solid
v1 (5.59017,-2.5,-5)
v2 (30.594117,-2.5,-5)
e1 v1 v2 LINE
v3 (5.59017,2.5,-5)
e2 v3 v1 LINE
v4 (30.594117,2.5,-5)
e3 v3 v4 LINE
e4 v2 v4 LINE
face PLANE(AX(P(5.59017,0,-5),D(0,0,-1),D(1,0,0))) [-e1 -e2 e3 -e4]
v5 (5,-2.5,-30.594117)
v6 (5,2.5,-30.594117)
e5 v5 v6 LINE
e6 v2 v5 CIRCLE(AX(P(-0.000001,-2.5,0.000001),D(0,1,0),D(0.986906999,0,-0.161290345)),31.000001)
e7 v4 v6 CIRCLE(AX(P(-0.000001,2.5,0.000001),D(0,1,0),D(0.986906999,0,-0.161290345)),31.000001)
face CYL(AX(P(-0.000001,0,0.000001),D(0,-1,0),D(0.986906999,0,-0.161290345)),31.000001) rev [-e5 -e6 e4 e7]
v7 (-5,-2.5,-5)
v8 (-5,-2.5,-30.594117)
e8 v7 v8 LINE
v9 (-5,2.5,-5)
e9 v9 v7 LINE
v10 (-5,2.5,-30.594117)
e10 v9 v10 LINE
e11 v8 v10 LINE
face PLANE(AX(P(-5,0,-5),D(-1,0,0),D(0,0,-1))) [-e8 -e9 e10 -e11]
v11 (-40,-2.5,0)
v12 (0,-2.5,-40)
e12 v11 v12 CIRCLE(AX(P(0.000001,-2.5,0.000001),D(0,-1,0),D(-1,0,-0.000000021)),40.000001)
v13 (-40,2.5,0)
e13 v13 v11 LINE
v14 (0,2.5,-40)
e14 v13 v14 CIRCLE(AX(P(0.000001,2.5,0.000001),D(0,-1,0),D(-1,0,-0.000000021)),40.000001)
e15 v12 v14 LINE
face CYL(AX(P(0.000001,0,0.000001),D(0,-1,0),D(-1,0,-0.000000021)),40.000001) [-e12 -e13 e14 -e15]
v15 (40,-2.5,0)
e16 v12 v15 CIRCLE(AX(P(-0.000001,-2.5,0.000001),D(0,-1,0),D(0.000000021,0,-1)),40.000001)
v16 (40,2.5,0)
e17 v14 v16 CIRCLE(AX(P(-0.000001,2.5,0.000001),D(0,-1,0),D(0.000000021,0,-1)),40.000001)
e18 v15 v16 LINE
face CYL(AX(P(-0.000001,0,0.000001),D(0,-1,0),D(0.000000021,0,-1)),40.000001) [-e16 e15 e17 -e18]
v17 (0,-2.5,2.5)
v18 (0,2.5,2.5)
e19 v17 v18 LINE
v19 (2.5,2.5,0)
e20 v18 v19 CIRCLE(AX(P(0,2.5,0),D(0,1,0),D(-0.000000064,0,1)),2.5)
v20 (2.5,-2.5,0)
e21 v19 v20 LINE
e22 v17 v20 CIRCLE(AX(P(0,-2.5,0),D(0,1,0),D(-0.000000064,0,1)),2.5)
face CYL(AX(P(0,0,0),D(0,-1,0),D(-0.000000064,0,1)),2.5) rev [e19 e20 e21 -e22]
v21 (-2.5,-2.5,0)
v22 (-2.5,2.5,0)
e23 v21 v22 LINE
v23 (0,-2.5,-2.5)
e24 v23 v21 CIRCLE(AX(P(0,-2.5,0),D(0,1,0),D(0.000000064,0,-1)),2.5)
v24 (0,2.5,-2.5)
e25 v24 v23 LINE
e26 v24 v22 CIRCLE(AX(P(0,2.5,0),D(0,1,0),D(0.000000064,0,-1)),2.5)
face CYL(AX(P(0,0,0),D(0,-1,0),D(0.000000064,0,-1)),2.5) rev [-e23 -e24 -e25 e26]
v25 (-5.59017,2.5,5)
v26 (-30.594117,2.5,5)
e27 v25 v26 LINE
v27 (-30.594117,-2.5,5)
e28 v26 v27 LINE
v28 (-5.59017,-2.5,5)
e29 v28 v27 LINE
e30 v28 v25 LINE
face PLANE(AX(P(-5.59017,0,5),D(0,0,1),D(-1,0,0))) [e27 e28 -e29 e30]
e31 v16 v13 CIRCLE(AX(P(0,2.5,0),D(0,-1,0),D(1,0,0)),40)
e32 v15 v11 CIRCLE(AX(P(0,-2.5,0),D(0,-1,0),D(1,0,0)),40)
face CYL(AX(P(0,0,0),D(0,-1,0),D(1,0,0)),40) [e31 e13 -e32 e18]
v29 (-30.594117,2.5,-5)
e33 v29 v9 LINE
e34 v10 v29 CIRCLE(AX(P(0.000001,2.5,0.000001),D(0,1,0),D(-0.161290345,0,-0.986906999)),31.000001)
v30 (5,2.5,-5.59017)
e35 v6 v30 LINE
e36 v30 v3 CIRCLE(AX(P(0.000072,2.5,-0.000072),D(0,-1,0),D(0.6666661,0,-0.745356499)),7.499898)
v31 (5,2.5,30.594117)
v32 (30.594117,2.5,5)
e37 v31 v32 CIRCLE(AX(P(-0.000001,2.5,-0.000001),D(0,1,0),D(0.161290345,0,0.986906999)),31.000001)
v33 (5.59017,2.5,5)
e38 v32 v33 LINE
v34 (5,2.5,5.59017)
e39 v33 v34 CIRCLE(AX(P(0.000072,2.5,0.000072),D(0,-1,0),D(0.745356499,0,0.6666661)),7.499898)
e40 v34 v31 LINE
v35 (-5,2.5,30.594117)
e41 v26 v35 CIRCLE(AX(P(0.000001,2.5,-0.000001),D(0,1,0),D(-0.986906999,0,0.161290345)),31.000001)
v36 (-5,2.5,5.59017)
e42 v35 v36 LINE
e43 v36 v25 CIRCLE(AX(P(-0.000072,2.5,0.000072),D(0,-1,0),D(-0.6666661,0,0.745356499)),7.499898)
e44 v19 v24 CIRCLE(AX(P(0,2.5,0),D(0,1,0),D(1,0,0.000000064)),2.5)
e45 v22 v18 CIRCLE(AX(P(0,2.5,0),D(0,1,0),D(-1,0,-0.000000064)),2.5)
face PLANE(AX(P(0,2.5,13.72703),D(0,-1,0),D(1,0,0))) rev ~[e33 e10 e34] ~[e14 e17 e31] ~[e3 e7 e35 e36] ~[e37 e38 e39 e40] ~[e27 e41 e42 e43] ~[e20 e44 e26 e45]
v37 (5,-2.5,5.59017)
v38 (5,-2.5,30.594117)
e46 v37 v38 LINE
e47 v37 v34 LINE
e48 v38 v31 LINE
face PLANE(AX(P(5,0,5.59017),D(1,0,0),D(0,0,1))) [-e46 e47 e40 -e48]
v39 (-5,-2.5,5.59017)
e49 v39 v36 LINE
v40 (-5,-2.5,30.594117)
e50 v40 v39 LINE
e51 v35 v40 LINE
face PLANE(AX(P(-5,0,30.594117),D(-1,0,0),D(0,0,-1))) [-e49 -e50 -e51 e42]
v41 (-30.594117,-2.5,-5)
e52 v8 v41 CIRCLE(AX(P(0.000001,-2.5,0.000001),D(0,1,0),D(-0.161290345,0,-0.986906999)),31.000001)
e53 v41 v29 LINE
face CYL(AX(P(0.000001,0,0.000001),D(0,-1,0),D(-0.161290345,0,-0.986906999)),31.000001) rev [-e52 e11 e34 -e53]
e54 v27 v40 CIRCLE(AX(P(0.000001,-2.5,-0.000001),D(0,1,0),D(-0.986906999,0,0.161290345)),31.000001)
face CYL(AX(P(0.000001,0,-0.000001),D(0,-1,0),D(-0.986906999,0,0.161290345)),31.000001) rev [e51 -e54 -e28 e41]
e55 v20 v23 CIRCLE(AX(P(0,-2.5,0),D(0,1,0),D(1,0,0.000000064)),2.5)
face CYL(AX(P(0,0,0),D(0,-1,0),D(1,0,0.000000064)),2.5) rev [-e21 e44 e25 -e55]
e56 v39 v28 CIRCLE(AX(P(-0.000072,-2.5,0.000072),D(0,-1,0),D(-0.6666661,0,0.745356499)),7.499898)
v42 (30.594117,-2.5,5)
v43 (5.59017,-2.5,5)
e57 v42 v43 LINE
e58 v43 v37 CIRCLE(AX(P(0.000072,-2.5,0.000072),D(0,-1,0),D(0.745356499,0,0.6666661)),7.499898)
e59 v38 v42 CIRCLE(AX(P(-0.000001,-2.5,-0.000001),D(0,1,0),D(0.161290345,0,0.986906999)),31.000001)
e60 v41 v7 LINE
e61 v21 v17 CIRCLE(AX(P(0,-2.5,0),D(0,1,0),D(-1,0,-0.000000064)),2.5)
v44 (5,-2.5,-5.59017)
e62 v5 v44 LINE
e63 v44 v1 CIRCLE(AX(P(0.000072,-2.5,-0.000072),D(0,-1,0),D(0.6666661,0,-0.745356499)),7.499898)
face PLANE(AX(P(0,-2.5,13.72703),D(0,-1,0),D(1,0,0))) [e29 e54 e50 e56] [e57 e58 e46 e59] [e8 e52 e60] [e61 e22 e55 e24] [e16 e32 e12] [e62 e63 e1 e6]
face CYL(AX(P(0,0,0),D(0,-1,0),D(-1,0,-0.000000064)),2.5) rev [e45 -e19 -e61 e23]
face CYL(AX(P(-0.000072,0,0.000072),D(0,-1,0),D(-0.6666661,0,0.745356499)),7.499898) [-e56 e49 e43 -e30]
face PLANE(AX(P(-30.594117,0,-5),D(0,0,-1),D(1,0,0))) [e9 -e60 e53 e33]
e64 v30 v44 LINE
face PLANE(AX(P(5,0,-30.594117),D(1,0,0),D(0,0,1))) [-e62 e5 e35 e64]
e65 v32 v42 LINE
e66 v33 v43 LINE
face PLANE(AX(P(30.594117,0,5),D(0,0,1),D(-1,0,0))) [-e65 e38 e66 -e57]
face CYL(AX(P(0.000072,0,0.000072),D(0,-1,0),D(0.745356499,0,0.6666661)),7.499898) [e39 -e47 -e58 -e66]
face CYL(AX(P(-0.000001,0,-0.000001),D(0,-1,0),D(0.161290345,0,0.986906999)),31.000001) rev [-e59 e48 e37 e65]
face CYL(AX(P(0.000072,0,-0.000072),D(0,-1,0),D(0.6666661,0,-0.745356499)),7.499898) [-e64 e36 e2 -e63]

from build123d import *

# Parameters (mm, degrees)
F1_DEPTH = 2.5


with BuildPart() as f1:
    # F0 (on Front) → F1 (new body, symmetric)
    with BuildSketch(Plane.XZ):
        with BuildLine():
            Line((2.5, 0), (40, 0))
            ThreePointArc((40, 0), (0, 40), (-40, 0))
            Line((-40, 0), (-2.5, 0))
            ThreePointArc((-2.5, 0), (-1.767767, 1.767767), (0, 2.5))
            ThreePointArc((0, 2.5), (1.767767, 1.767767), (2.5, 0))
        make_face()
        with BuildLine():
            ThreePointArc((-30.594117, 5), (-21.92031, 21.92031), (-5, 30.594117))
            Line((-5, 30.594117), (-5, 5.59017))
            ThreePointArc((-5, 5.59017), (-5.303301, 5.303301), (-5.59017, 5))
            Line((-5.59017, 5), (-30.594117, 5))
        make_face(mode=Mode.SUBTRACT)
        with BuildLine():
            Line((30.594117, 5), (5.59017, 5))
            ThreePointArc((5.59017, 5), (5.303301, 5.303301), (5, 5.59017))
            Line((5, 5.59017), (5, 30.594117))
            ThreePointArc((5, 30.594117), (21.92031, 21.92031), (30.594117, 5))
        make_face(mode=Mode.SUBTRACT)
        with BuildLine():
            ThreePointArc((0, -40), (28.284271, -28.284271), (40, 0))
            Line((40, 0), (2.5, 0))
            ThreePointArc((2.5, 0), (1.767767, -1.767767), (0, -2.5))
            Line((0, -2.5), (0, -40))
        make_face()
        with BuildLine():
            ThreePointArc((5, -5.59017), (5.303301, -5.303301), (5.59017, -5))
            Line((5.59017, -5), (30.594117, -5))
            ThreePointArc((30.594117, -5), (21.92031, -21.92031), (5, -30.594117))
            Line((5, -30.594117), (5, -5.59017))
        make_face(mode=Mode.SUBTRACT)
        with BuildLine():
            Line((-2.5, 0), (-40, 0))
            ThreePointArc((-40, 0), (-28.284271, -28.284271), (0, -40))
            Line((0, -40), (0, -2.5))
            ThreePointArc((0, -2.5), (-1.767767, -1.767767), (-2.5, 0))
        make_face()
        with BuildLine():
            Line((-5.59017, -5), (-5, -5))
            Line((-5, -5), (-5, -5.59017))
            Line((-5, -5.59017), (-5, -30.594117))
            ThreePointArc((-5, -30.594117), (-21.92031, -21.92031), (-30.594117, -5))
            Line((-30.594117, -5), (-5.59017, -5))
        make_face(mode=Mode.SUBTRACT)
    extrude(amount=F1_DEPTH, both=True)


solid = f1.part
